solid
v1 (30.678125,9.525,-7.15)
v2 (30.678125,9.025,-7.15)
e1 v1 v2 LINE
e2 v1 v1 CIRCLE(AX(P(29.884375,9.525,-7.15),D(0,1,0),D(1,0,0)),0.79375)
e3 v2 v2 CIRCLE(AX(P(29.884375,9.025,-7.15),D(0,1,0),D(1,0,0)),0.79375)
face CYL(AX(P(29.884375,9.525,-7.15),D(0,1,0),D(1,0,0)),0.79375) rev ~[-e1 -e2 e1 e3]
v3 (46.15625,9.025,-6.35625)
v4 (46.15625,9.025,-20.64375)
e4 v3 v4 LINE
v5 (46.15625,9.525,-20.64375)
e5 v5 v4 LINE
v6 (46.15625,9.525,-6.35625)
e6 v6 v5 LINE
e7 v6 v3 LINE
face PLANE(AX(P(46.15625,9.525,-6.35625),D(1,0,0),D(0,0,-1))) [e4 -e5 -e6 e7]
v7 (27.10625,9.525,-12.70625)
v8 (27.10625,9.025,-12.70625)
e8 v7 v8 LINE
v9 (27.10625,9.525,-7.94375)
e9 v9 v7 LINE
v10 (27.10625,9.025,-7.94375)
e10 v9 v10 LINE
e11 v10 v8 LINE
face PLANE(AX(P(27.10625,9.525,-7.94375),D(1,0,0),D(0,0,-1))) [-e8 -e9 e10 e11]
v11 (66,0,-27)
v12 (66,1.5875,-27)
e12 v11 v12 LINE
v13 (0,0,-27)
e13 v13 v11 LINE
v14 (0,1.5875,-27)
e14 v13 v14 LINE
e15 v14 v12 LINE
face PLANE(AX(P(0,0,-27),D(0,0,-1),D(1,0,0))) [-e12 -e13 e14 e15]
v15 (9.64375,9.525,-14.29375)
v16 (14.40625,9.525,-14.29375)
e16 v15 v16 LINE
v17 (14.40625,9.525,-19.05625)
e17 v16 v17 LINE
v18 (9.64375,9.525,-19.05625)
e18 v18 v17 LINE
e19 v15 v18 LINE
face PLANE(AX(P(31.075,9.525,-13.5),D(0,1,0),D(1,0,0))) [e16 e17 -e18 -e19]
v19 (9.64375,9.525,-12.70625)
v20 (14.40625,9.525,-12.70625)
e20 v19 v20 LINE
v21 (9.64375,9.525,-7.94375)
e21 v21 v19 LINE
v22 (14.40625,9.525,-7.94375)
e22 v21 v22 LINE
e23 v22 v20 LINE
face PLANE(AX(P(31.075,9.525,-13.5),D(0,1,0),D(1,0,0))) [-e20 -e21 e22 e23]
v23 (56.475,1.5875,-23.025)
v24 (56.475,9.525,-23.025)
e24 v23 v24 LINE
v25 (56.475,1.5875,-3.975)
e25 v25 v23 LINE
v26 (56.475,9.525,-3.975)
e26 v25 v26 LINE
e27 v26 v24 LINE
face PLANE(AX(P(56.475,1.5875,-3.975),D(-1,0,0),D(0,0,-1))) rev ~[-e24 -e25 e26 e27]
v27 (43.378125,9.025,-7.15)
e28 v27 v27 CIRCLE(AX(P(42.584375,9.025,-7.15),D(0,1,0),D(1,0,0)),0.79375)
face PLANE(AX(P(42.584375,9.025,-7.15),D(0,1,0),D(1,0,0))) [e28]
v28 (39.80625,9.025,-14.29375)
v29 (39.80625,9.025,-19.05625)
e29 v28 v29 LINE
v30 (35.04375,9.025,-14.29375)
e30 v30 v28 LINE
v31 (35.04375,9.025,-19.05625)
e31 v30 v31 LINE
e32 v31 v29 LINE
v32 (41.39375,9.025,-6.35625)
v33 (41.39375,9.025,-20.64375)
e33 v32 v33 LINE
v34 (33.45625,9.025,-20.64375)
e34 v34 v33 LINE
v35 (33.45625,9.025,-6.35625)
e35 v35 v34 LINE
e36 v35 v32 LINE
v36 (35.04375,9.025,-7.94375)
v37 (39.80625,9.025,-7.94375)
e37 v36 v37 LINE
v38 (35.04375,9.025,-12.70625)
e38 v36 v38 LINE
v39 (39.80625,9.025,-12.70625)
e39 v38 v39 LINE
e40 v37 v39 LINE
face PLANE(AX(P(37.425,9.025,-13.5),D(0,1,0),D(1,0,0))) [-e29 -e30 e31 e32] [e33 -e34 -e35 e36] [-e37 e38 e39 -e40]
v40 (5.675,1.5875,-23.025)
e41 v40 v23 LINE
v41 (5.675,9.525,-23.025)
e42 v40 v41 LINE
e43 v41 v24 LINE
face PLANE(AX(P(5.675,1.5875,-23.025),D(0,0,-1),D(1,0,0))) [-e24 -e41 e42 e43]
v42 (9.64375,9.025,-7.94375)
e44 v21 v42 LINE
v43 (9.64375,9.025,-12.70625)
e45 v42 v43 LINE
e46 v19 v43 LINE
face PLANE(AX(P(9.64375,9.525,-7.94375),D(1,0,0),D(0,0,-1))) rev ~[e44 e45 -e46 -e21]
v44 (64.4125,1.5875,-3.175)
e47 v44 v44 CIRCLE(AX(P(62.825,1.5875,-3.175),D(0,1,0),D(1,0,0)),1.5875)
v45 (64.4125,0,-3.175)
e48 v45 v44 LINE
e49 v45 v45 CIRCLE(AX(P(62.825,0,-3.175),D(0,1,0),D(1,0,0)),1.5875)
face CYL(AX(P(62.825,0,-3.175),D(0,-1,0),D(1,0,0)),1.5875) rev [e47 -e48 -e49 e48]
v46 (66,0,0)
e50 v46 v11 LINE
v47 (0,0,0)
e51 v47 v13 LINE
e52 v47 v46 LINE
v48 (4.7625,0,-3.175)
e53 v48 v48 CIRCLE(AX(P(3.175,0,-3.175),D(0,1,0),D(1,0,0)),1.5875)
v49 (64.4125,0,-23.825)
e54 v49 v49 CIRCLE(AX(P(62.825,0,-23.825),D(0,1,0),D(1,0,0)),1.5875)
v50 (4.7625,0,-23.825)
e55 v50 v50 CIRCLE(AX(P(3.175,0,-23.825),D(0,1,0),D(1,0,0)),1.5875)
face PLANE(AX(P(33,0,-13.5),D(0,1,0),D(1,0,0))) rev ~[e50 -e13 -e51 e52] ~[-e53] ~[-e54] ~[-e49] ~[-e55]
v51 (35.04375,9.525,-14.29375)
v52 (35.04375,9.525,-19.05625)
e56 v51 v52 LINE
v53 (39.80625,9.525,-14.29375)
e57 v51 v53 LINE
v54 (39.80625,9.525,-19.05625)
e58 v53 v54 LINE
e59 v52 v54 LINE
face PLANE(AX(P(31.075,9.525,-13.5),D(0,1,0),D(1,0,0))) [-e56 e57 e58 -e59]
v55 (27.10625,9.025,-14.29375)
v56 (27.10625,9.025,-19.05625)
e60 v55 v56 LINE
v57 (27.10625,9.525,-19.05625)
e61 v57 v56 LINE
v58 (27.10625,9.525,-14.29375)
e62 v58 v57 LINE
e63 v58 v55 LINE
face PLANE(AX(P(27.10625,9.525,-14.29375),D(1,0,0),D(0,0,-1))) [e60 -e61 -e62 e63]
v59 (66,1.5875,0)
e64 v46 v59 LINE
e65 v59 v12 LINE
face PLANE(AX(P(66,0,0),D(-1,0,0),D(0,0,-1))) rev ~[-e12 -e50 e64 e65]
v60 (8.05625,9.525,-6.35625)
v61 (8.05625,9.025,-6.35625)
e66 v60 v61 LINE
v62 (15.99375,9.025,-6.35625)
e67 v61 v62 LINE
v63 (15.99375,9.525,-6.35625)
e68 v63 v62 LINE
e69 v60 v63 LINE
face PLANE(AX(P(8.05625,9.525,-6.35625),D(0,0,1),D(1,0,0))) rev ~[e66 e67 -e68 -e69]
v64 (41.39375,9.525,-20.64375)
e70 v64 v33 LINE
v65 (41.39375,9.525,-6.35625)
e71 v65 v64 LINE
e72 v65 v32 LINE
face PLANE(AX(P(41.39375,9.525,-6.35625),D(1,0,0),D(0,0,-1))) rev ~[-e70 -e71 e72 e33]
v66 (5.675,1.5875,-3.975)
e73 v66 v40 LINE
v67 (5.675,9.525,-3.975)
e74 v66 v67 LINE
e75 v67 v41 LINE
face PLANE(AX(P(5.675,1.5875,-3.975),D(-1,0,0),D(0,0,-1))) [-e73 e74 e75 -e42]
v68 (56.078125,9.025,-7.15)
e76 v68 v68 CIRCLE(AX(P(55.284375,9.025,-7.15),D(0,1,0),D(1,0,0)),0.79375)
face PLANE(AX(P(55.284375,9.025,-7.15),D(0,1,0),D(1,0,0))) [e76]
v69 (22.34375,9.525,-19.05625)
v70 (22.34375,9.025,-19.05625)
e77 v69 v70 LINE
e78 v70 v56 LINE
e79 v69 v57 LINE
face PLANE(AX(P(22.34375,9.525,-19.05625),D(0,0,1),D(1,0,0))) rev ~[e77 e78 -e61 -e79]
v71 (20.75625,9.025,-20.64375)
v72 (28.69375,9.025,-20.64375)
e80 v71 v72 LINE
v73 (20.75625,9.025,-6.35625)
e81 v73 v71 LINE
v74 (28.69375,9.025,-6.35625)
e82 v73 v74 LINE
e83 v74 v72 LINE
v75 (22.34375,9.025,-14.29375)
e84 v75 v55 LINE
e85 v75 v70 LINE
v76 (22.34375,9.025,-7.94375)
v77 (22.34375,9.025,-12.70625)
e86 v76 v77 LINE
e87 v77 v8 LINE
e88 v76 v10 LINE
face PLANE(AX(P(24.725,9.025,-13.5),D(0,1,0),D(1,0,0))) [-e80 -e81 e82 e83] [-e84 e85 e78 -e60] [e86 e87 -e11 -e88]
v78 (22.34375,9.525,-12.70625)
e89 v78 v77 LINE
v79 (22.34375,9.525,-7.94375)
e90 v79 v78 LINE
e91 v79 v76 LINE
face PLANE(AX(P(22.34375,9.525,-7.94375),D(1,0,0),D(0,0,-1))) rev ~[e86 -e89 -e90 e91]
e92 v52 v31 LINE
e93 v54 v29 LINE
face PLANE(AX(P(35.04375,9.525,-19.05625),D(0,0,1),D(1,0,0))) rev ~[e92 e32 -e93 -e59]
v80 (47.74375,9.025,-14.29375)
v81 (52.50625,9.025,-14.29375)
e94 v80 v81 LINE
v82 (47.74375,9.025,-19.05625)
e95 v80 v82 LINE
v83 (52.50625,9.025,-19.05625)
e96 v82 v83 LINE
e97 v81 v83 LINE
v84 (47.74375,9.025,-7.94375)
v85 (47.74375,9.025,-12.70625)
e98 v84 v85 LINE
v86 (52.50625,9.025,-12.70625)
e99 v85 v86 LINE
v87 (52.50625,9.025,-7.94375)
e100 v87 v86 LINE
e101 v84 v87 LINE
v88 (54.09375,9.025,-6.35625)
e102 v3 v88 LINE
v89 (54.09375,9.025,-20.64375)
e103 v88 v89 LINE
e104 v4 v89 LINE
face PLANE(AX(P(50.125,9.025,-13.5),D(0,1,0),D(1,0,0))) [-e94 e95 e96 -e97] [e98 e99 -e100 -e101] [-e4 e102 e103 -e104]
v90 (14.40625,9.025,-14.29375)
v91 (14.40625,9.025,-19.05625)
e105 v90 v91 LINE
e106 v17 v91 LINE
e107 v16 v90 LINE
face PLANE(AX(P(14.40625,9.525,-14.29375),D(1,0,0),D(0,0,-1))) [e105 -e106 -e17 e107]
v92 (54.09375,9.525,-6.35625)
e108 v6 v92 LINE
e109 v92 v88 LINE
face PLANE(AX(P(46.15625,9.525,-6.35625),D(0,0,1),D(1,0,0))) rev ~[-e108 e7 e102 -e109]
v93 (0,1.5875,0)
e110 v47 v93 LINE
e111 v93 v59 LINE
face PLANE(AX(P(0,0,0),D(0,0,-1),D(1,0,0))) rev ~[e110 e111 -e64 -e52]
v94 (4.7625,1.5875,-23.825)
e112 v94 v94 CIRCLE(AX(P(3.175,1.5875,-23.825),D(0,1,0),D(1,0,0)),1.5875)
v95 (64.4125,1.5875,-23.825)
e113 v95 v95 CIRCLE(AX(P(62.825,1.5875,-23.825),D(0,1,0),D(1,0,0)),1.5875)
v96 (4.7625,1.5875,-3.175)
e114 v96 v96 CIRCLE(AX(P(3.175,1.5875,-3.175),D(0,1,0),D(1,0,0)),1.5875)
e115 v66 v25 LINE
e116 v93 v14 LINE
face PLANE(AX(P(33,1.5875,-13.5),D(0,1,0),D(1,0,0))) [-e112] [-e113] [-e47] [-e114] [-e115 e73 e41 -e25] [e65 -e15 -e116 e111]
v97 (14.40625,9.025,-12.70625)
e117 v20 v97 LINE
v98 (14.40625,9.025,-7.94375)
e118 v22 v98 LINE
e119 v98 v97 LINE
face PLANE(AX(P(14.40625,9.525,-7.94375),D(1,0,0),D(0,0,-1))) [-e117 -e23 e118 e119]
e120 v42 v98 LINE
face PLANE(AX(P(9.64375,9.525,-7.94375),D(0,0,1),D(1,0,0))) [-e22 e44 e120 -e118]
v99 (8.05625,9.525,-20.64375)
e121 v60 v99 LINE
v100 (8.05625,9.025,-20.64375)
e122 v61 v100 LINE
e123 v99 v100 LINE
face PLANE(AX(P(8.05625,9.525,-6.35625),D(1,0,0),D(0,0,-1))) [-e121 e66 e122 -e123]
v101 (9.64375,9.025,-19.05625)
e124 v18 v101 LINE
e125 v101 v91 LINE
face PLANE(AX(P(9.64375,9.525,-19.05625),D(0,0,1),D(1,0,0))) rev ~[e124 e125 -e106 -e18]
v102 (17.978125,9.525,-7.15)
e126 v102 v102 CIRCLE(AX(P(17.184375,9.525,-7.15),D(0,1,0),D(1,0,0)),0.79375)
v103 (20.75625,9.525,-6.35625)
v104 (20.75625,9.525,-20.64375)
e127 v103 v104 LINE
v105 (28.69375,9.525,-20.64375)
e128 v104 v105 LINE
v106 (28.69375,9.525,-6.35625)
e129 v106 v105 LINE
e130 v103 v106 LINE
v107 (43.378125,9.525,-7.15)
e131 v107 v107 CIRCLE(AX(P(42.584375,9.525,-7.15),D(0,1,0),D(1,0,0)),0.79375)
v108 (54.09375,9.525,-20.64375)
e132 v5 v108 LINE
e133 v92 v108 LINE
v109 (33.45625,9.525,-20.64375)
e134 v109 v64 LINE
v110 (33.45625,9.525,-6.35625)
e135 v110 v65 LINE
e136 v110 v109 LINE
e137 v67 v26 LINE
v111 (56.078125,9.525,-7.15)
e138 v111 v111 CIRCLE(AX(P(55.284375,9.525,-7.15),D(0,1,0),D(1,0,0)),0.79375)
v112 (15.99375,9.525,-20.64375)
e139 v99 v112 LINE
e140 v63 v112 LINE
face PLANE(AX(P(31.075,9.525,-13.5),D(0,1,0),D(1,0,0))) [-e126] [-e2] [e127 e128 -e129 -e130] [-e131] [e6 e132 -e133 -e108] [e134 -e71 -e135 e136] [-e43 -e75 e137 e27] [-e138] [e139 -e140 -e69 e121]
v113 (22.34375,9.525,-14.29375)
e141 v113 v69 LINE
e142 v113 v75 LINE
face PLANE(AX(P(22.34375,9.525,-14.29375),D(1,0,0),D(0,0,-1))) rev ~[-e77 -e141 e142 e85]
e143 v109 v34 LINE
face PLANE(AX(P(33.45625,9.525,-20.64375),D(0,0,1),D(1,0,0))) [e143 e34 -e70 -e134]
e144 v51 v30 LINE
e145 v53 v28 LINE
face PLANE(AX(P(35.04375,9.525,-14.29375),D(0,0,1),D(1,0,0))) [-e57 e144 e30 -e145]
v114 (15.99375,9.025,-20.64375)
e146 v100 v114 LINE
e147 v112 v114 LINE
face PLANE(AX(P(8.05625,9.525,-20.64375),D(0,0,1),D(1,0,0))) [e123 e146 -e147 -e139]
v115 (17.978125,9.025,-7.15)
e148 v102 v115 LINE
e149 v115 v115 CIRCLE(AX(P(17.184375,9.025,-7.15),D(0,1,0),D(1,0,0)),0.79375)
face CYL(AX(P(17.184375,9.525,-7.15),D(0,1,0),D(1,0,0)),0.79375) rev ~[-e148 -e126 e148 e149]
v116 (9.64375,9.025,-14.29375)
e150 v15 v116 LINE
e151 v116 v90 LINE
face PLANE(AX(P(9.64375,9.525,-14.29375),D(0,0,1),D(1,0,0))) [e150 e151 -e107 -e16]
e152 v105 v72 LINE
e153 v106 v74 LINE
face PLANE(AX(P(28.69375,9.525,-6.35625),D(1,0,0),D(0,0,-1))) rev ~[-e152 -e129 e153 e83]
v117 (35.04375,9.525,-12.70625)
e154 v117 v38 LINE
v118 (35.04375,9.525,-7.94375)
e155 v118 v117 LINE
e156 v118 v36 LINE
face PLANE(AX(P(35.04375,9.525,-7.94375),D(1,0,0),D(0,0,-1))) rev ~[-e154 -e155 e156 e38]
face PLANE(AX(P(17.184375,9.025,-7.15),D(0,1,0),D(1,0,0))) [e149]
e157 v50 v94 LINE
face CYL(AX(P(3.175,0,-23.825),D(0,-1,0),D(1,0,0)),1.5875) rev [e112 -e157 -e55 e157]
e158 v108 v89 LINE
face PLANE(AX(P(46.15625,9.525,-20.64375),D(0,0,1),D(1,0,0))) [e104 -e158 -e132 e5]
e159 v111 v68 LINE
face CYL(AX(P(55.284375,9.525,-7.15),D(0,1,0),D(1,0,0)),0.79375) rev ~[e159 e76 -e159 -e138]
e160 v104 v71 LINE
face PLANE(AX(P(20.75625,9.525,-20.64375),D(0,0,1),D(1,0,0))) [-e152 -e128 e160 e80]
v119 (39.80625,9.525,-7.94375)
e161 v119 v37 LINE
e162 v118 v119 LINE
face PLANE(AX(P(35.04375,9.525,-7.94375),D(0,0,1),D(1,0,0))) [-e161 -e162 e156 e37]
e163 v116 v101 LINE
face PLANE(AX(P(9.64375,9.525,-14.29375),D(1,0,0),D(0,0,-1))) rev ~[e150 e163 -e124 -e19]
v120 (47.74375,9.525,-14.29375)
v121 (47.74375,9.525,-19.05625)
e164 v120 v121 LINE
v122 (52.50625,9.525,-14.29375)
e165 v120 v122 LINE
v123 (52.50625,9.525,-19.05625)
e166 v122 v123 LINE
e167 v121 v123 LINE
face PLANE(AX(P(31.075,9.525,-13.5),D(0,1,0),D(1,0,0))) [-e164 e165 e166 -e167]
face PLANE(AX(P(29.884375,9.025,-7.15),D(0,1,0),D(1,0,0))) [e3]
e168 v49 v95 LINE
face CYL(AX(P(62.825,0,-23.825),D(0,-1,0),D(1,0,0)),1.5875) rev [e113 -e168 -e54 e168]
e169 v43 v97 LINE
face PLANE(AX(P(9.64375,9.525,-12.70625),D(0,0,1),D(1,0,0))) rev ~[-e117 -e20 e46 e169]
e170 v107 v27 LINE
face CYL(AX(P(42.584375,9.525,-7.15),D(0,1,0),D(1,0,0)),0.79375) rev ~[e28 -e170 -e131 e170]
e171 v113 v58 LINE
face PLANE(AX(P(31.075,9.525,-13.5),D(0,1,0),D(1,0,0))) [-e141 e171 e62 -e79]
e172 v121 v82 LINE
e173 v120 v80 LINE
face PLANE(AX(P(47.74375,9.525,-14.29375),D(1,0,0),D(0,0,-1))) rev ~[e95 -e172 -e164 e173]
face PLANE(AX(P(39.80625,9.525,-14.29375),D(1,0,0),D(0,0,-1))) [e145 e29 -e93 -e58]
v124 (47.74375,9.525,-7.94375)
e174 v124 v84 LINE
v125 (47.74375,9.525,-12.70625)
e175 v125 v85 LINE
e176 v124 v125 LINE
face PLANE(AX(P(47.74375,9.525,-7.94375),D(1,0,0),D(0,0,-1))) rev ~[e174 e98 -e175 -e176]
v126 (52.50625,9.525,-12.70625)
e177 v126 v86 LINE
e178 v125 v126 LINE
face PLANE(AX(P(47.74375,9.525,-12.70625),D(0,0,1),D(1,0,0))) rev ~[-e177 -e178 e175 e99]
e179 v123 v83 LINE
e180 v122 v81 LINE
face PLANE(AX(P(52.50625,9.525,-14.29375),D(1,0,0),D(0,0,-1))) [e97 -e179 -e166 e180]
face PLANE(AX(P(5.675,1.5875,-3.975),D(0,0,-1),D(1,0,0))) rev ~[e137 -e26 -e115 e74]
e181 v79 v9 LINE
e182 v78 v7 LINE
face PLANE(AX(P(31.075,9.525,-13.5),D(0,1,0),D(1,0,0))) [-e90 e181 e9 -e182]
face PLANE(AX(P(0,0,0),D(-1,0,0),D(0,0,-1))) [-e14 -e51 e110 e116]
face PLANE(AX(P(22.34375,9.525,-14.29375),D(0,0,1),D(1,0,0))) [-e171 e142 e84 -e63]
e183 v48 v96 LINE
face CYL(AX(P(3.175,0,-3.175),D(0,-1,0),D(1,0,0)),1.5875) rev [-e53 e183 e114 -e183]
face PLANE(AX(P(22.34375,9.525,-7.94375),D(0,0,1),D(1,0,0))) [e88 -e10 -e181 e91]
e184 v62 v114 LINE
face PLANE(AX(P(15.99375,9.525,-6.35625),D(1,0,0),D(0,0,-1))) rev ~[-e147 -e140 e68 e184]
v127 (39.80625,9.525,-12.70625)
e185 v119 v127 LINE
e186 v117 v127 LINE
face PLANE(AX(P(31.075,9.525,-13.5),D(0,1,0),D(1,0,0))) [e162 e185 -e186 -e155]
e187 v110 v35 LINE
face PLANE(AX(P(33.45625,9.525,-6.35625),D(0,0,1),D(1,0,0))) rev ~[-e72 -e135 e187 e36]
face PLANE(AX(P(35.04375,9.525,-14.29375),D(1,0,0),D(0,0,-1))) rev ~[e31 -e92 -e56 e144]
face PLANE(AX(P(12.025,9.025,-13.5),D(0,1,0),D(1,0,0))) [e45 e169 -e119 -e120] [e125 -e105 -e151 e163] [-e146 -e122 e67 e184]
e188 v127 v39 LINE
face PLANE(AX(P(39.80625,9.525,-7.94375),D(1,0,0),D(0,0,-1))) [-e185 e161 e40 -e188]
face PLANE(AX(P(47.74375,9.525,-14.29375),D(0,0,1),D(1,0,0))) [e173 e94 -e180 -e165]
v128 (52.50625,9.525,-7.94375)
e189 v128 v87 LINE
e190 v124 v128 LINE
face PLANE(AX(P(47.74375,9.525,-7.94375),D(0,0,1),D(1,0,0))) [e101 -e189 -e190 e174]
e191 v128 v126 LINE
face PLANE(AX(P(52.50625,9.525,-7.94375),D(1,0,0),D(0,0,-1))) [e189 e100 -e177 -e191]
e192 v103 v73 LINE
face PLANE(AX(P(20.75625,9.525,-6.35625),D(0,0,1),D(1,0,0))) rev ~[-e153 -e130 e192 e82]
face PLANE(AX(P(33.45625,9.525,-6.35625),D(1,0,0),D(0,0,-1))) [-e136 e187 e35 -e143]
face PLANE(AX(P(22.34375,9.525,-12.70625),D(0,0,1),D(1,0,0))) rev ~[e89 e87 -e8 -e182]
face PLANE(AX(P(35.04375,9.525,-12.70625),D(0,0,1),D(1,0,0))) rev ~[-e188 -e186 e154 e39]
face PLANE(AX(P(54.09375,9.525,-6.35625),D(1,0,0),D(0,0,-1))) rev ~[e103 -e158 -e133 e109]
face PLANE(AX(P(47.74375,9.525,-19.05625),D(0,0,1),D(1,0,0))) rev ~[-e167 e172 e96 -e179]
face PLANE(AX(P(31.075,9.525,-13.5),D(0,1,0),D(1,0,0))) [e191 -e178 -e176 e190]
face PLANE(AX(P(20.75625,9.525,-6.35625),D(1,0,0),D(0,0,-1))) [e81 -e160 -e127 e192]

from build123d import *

# Parameters (mm, degrees)
SKETCH1_W           = 66
SKETCH1_H           = 27
SKETCH1_R           = 1.5875
BOSS_EXTRUDE1_DEPTH = 1.5875
SKETCH2_W           = 50.8
SKETCH2_H           = 19.05
BOSS_EXTRUDE2_DEPTH = 7.9375
SKETCH3_R           = 0.79375
SKETCH3_W           = 7.9375
SKETCH3_H           = 14.2875
SKETCH3_W_2         = 4.7625
SKETCH3_H_2         = 4.7625
CUT_EXTRUDE1_DEPTH  = 0.5
LPATTERN1_COUNT     = 4
LPATTERN1_PITCH     = 12.7


with BuildPart() as part:
    # Sketch1 → Boss-Extrude1 (new body)
    with BuildSketch(Plane(origin=(0, 0, 0), x_dir=(1, 0, 0), z_dir=(0, 1, 0))):
        with Locations((33, 13.5)):
            Rectangle(SKETCH1_W, SKETCH1_H)
        with Locations((62.825, 23.825)):
            Circle(SKETCH1_R, mode=Mode.SUBTRACT)
        with Locations((3.175, 23.825)):
            Circle(SKETCH1_R, mode=Mode.SUBTRACT)
        with Locations((3.175, 3.175)):
            Circle(SKETCH1_R, mode=Mode.SUBTRACT)
        with Locations((62.825, 3.175)):
            Circle(SKETCH1_R, mode=Mode.SUBTRACT)
    extrude(amount=BOSS_EXTRUDE1_DEPTH)

    # Sketch2 → Boss-Extrude2 (add)
    with BuildSketch(Plane(origin=(0, 1.5875, 0), x_dir=(1, 0, 0), z_dir=(0, 1, 0))):
        with Locations((31.075, 13.5)):
            Rectangle(SKETCH2_W, SKETCH2_H)
    extrude(amount=BOSS_EXTRUDE2_DEPTH)

    # Sketch3 → Cut-Extrude1 (cut)
    with BuildSketch(Plane(origin=(0, 9.525, 0), x_dir=(1, 0, 0), z_dir=(0, 1, 0))):
        with Locations((17.184375, 7.15)):
            Circle(SKETCH3_R)
        with Locations((12.025, 13.5)):
            Rectangle(SKETCH3_W, SKETCH3_H)
        with Locations((12.025, 16.675)):
            Rectangle(SKETCH3_W_2, SKETCH3_H_2, mode=Mode.SUBTRACT)
        with Locations((12.025, 10.325)):
            Rectangle(SKETCH3_W_2, SKETCH3_H_2, mode=Mode.SUBTRACT)
    cut_extrude1 = extrude(amount=-CUT_EXTRUDE1_DEPTH, mode=Mode.SUBTRACT)

    # LPattern1: Cut-Extrude1 ×4
    with Locations(*[(i * LPATTERN1_PITCH, 0, 0) for i in range(1, LPATTERN1_COUNT)]):
        add(cut_extrude1, mode=Mode.SUBTRACT)


solid = part.part
